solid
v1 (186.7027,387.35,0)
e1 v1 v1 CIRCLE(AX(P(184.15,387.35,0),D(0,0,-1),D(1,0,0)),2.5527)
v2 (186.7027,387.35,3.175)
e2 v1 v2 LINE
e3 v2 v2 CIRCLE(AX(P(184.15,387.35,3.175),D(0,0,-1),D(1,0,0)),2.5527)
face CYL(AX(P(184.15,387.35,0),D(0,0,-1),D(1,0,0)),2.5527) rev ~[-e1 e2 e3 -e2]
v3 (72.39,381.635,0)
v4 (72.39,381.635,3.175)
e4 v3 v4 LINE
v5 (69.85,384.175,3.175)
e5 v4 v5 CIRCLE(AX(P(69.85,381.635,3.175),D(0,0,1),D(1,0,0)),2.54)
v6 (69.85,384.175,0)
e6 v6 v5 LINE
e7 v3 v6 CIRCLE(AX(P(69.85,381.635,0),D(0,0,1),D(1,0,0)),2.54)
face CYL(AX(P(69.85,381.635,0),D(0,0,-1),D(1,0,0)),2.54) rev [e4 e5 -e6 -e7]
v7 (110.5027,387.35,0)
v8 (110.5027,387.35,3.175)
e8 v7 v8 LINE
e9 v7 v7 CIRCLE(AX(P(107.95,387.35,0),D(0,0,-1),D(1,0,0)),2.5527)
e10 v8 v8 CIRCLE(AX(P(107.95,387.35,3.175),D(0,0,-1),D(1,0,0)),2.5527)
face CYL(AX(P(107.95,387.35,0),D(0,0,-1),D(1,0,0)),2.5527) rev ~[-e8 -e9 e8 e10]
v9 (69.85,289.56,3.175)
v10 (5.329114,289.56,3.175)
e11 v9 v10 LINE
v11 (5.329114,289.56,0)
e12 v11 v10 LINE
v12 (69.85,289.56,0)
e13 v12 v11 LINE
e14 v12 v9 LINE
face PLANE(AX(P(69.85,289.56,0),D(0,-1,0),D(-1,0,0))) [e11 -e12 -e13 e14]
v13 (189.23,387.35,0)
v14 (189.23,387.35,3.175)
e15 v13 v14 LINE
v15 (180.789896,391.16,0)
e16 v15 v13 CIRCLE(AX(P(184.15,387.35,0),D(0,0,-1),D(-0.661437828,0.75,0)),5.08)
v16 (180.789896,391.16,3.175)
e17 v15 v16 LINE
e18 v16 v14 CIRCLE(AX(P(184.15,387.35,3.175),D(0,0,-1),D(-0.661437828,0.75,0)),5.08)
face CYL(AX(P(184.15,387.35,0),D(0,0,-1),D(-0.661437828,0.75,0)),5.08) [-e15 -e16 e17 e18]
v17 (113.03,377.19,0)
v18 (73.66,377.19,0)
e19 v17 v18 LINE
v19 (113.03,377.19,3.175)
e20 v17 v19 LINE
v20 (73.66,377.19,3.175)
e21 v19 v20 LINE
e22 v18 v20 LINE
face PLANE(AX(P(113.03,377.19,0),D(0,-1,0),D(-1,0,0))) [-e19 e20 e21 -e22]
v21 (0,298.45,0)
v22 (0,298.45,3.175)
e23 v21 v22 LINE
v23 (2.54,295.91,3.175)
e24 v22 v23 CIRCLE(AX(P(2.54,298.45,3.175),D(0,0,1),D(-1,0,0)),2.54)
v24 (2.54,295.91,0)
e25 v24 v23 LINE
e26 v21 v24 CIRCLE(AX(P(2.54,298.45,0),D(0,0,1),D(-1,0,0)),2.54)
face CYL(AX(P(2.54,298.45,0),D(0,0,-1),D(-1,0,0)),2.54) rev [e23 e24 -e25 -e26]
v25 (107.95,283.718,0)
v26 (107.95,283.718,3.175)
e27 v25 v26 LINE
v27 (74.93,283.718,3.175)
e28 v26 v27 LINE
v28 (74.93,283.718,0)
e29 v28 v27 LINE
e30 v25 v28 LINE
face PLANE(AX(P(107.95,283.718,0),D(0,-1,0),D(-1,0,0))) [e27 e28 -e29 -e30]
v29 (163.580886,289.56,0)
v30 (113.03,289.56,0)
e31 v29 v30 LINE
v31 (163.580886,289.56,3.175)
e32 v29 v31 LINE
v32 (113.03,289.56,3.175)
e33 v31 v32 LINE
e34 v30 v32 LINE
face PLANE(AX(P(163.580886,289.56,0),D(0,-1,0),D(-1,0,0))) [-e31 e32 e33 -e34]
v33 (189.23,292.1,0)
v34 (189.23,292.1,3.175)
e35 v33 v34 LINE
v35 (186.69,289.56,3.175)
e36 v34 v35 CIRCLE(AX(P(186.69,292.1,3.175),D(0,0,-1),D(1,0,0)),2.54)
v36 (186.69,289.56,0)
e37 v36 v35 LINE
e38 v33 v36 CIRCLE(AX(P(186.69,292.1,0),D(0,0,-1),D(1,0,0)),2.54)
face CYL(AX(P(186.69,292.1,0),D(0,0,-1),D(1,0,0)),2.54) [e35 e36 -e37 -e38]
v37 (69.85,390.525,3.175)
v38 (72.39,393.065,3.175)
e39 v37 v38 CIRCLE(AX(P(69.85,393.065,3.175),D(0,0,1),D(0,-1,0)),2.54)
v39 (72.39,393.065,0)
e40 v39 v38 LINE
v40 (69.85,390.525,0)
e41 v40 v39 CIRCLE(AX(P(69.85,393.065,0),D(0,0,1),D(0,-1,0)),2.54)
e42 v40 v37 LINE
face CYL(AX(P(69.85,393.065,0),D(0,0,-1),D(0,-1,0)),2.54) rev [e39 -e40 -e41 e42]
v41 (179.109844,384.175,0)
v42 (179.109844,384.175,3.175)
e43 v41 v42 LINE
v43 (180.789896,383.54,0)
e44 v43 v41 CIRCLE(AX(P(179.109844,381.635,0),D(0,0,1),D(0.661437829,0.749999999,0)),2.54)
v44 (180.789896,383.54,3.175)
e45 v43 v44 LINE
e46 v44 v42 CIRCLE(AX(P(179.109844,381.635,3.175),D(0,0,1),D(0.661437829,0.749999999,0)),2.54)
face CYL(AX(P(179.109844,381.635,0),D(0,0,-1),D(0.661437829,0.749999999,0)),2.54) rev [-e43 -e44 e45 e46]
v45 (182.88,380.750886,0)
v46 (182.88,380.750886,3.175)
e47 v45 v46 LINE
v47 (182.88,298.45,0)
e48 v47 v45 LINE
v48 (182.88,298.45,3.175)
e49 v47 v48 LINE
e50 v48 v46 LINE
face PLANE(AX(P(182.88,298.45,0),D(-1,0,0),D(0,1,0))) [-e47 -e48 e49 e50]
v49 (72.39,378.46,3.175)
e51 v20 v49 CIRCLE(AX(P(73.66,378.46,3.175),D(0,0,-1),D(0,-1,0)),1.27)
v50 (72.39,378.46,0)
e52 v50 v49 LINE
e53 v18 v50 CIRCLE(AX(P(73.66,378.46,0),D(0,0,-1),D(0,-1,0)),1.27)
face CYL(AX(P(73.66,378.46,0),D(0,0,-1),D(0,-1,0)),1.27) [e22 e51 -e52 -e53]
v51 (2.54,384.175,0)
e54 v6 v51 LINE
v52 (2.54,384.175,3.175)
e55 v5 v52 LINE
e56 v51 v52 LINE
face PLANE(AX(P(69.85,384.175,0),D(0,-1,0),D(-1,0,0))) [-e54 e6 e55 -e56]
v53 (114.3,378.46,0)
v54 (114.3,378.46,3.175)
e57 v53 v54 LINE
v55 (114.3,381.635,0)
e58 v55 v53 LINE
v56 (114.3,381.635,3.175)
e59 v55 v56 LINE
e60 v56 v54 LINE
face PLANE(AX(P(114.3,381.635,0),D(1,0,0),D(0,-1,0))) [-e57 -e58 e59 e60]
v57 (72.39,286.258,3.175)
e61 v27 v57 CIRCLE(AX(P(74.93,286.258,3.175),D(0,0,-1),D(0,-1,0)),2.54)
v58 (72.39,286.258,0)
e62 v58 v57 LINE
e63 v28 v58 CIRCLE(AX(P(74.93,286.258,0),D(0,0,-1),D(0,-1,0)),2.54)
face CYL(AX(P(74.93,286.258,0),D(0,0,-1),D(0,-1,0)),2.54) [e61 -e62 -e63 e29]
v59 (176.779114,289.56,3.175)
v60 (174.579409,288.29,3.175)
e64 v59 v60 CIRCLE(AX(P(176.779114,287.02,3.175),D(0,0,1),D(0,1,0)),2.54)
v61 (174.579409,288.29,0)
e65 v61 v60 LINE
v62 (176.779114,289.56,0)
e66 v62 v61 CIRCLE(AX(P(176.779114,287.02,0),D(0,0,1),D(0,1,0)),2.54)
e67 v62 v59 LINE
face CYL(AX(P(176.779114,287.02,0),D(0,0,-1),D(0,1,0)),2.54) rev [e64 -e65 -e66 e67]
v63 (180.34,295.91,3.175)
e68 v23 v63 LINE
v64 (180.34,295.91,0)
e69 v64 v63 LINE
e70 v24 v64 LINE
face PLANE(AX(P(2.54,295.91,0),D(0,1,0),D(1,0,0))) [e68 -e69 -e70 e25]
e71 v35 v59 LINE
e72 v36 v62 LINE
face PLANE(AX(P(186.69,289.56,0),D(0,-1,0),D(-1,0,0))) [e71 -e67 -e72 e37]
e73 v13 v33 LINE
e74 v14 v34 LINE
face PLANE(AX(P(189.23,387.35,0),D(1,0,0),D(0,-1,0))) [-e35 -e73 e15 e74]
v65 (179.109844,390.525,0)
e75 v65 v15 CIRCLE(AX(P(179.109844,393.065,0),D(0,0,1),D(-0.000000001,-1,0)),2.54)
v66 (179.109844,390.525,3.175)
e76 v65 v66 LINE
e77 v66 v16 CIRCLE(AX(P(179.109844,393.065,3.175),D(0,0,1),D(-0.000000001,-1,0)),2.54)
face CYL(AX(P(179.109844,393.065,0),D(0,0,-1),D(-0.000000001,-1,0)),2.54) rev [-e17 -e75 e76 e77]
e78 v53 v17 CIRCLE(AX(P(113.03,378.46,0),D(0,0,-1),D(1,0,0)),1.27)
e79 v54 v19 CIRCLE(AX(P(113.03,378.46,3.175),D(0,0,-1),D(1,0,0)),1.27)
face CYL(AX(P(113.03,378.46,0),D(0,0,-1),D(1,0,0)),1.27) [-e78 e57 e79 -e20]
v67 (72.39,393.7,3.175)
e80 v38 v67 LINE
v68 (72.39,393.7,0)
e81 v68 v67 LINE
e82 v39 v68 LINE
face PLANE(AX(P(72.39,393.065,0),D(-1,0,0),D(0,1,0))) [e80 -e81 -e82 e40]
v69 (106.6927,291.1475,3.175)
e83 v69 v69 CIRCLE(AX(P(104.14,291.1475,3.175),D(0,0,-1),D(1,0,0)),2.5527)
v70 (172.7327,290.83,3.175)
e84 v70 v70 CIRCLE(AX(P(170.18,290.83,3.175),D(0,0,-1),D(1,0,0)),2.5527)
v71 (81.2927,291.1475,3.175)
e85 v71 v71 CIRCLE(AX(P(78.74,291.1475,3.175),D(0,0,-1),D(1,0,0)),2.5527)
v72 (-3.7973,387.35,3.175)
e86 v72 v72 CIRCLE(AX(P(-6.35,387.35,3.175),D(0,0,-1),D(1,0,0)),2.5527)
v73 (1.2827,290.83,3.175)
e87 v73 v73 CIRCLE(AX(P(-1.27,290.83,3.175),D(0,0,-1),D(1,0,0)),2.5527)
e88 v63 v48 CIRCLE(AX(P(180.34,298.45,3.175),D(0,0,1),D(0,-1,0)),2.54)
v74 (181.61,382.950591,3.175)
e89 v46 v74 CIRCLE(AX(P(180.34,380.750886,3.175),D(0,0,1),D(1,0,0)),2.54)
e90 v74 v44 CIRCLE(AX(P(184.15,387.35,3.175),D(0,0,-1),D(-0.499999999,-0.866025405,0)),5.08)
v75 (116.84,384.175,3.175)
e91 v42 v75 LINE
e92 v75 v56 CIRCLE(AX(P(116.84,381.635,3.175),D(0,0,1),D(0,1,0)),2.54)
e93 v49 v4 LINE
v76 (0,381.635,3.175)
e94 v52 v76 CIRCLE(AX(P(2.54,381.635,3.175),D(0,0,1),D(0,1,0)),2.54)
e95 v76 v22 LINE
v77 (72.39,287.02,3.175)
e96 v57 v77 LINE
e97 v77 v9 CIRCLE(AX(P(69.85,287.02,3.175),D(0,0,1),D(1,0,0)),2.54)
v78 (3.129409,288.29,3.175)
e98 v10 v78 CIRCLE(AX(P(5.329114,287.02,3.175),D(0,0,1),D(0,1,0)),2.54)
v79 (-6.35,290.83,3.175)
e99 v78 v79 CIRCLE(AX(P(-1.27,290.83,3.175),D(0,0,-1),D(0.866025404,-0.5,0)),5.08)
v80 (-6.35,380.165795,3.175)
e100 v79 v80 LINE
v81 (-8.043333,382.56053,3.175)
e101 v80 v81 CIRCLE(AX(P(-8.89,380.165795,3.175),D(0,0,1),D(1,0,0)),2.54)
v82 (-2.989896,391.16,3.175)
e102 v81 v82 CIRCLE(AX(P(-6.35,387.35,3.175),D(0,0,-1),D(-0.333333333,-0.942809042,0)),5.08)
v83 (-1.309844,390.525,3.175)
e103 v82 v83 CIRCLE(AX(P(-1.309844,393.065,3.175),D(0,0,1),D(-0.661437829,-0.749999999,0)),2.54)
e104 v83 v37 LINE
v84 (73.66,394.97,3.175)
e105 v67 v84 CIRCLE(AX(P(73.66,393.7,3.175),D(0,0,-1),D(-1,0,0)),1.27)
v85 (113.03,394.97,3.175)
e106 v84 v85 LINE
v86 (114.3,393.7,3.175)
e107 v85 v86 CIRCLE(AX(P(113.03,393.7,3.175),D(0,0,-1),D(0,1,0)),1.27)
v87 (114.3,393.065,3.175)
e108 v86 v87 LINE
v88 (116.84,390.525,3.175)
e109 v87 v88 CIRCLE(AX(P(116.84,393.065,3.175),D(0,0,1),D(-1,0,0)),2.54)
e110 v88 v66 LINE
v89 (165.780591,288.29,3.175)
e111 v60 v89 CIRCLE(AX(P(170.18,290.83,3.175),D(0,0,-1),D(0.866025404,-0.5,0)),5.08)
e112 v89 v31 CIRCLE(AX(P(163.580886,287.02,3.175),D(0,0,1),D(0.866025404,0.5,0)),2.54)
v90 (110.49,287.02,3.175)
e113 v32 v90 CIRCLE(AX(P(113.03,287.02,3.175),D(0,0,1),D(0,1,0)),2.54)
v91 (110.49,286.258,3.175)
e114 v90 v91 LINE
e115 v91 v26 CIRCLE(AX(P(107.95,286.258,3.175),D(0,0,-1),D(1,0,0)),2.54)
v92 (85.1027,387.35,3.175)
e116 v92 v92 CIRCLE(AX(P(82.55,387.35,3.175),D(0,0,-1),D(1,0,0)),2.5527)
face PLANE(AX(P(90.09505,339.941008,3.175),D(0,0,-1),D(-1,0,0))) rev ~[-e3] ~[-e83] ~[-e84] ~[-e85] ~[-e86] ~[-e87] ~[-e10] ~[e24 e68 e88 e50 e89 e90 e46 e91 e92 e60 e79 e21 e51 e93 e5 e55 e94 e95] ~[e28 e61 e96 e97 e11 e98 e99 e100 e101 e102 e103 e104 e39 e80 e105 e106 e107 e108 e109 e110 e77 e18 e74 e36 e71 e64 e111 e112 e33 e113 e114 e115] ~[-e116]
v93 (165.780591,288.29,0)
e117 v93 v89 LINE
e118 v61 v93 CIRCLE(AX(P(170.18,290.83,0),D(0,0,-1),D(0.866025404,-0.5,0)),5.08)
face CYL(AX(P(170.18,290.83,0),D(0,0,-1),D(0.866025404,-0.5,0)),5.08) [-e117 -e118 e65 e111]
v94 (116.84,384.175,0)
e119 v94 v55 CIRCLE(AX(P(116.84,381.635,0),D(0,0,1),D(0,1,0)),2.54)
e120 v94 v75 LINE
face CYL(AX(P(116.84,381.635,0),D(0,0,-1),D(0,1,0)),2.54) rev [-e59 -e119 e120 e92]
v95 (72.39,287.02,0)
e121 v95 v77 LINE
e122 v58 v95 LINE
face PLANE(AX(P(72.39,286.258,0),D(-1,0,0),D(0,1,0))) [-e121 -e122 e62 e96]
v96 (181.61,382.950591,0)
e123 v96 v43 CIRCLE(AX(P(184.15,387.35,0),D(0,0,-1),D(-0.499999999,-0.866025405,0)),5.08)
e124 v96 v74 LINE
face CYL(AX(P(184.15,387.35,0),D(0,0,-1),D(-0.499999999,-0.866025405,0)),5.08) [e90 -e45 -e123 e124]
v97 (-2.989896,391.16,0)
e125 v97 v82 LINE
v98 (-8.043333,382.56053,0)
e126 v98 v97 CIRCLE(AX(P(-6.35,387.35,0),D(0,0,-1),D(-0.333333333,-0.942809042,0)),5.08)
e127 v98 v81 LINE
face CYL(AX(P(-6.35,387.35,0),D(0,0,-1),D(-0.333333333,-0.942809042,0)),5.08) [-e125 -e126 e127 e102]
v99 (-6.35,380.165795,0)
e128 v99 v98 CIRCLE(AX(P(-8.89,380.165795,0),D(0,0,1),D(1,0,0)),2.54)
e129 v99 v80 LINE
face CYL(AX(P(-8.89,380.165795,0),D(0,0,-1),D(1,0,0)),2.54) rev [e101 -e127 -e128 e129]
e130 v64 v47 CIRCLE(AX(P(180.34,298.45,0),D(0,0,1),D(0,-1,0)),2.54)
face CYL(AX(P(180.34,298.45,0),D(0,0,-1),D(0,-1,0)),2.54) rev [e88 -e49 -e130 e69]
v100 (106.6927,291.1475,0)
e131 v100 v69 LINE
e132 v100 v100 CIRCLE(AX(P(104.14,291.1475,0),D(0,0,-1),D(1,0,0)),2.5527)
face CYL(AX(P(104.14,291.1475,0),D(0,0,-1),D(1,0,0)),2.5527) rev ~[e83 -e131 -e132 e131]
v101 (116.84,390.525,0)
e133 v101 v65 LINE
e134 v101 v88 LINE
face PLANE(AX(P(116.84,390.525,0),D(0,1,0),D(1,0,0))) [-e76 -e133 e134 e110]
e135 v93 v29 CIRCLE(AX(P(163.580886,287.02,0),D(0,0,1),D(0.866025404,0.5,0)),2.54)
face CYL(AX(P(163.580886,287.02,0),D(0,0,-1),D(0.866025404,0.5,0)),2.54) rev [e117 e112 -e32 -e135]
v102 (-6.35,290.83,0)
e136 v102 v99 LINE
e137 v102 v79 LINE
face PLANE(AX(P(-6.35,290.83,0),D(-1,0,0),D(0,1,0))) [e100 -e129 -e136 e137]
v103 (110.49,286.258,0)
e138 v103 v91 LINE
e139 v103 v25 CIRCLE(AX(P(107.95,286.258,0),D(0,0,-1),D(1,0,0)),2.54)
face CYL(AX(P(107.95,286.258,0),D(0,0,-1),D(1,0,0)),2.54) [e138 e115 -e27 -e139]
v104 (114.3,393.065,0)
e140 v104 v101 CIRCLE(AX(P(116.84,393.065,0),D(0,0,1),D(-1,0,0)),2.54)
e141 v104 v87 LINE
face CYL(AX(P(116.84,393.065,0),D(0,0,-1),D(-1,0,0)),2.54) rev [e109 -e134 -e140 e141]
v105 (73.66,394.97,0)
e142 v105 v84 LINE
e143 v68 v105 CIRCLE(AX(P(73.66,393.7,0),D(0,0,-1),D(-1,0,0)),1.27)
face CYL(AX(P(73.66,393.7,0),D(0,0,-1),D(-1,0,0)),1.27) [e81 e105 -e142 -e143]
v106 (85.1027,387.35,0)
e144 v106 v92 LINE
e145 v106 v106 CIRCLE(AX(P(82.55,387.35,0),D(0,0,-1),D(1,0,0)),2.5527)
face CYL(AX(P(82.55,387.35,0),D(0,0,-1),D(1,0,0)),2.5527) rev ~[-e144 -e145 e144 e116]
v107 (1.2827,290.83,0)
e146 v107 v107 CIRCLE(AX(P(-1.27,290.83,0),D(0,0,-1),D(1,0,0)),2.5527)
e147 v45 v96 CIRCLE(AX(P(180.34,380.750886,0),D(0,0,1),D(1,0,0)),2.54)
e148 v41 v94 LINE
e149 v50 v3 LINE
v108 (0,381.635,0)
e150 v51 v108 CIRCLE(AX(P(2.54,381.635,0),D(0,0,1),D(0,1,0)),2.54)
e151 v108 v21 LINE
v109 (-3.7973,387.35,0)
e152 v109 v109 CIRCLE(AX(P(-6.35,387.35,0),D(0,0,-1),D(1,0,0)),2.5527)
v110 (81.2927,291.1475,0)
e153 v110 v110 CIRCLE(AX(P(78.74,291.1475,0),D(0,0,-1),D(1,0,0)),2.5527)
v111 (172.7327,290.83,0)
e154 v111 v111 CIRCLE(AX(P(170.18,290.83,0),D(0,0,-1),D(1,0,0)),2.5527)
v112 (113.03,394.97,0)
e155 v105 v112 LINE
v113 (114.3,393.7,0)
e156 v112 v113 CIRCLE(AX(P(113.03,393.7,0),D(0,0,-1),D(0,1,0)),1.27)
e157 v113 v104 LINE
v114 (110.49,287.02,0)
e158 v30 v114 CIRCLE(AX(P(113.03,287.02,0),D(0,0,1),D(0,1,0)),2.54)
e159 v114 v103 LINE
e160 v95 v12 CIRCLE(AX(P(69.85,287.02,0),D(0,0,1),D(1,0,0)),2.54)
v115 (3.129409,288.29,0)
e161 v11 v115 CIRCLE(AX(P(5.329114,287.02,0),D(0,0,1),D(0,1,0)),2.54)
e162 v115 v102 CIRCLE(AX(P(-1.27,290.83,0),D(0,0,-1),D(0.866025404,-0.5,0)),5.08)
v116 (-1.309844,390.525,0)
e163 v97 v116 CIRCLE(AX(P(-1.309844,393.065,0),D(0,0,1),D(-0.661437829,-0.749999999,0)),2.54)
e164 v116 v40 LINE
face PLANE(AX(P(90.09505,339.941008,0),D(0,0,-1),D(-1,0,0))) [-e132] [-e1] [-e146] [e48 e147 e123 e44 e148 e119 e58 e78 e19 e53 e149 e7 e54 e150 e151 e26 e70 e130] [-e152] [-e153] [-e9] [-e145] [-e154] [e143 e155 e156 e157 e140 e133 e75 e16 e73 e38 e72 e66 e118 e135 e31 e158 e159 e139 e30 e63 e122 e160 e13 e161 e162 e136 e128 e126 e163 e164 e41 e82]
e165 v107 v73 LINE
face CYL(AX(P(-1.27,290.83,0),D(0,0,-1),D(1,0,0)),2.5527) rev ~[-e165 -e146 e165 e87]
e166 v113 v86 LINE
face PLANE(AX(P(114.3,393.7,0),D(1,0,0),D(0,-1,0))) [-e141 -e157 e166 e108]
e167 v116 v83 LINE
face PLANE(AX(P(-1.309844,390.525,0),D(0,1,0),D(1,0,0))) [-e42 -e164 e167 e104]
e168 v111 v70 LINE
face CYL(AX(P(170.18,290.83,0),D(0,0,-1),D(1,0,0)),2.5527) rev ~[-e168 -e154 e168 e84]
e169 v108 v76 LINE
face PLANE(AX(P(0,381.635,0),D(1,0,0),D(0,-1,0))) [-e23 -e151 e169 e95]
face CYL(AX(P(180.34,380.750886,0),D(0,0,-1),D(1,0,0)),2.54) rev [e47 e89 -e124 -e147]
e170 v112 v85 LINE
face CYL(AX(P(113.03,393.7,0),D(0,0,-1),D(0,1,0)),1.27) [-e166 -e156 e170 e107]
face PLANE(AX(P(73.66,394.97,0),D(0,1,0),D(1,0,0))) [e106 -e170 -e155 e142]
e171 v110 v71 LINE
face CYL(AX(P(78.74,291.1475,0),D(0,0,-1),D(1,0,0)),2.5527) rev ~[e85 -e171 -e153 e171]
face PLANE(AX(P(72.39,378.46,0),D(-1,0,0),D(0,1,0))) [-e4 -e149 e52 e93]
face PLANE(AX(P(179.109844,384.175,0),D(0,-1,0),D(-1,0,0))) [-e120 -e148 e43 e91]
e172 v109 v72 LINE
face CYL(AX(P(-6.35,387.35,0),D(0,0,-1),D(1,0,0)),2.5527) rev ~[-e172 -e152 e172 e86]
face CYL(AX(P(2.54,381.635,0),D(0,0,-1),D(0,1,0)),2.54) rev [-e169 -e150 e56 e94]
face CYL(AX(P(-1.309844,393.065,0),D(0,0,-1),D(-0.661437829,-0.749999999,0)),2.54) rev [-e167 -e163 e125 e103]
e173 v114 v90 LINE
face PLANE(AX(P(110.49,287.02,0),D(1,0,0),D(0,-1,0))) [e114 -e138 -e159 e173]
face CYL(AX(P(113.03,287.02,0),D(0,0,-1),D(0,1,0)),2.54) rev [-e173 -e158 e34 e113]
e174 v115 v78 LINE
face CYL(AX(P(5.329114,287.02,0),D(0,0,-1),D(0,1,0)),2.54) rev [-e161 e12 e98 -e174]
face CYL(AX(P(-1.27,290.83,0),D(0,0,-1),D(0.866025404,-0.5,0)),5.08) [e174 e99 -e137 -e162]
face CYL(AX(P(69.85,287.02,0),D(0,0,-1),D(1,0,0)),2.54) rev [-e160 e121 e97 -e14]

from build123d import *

# Parameters (mm, degrees)
SKETCH1_R           = 2.5527
BOSS_EXTRUDE1_DEPTH = 3.175


with BuildPart() as part:
    # Sketch1 → Boss-Extrude1 (new body)
    with BuildSketch(Plane(origin=(0, 0, 0), x_dir=(-1, 0, 0), z_dir=(0, 0, -1))):
        with BuildLine():
            Line((-73.66, 394.97), (-113.03, 394.97))
            ThreePointArc((-113.03, 394.97), (-113.928025612, 394.598025612), (-114.3, 393.7))
            Line((-114.3, 393.7), (-114.3, 393.065))
            ThreePointArc((-114.3, 393.065), (-115.043948776, 391.268948776), (-116.84, 390.525))
            Line((-116.84, 390.525), (-179.109843752, 390.525))
            ThreePointArc((-179.109843752, 390.525), (-180.007869365, 390.689047559), (-180.789895835, 391.16))
            ThreePointArc((-180.789895835, 391.16), (-186.240104165, 391.980104165), (-189.23, 387.35))
            Line((-189.23, 387.35), (-189.23, 292.1))
            ThreePointArc((-189.23, 292.1), (-188.486051224, 290.303948776), (-186.69, 289.56))
            Line((-186.69, 289.56), (-176.779113577, 289.56))
            ThreePointArc((-176.779113577, 289.56), (-175.509113577, 289.219704526), (-174.579409051, 288.29))
            ThreePointArc((-174.579409051, 288.29), (-170.18, 285.75), (-165.780590949, 288.29))
            ThreePointArc((-165.780590949, 288.29), (-164.850886423, 289.219704526), (-163.580886423, 289.56))
            Line((-163.580886423, 289.56), (-113.03, 289.56))
            ThreePointArc((-113.03, 289.56), (-111.233948776, 288.816051224), (-110.49, 287.02))
            Line((-110.49, 287.02), (-110.49, 286.258))
            ThreePointArc((-110.49, 286.258), (-109.746051224, 284.461948776), (-107.95, 283.718))
            Line((-107.95, 283.718), (-74.93, 283.718))
            ThreePointArc((-74.93, 283.718), (-73.133948776, 284.461948776), (-72.39, 286.258))
            Line((-72.39, 286.258), (-72.39, 287.02))
            ThreePointArc((-72.39, 287.02), (-71.646051224, 288.816051224), (-69.85, 289.56))
            Line((-69.85, 289.56), (-5.329113577, 289.56))
            ThreePointArc((-5.329113577, 289.56), (-4.059113577, 289.219704526), (-3.129409051, 288.29))
            ThreePointArc((-3.129409051, 288.29), (2.584800749, 285.923096802), (6.35, 290.83))
            Line((6.35, 290.83), (6.35, 380.165795103))
            ThreePointArc((6.35, 380.165795103), (6.816098684, 381.632264787), (8.043333333, 382.560530069))
            ThreePointArc((8.043333333, 382.560530069), (10.729754791, 389.923742018), (2.989895835, 391.16))
            ThreePointArc((2.989895835, 391.16), (2.207869365, 390.689047559), (1.309843752, 390.525))
            Line((1.309843752, 390.525), (-69.85, 390.525))
            ThreePointArc((-69.85, 390.525), (-71.646051224, 391.268948776), (-72.39, 393.065))
            Line((-72.39, 393.065), (-72.39, 393.7))
            ThreePointArc((-72.39, 393.7), (-72.761974388, 394.598025612), (-73.66, 394.97))
        make_face()
        with Locations(Location((-184.15, 387.35, 0), (0, 0, 180))):
            Circle(SKETCH1_R, mode=Mode.SUBTRACT)
        with Locations(Location((-107.95, 387.35, 0), (0, 0, 180))):
            Circle(SKETCH1_R, mode=Mode.SUBTRACT)
        with Locations(Location((-82.55, 387.35, 0), (0, 0, 180))):
            Circle(SKETCH1_R, mode=Mode.SUBTRACT)
        with Locations(Location((1.27, 290.83, 0), (0, 0, 180))):
            Circle(SKETCH1_R, mode=Mode.SUBTRACT)
        with Locations(Location((-104.14, 291.1475, 0), (0, 0, 180))):
            Circle(SKETCH1_R, mode=Mode.SUBTRACT)
        with Locations(Location((-78.74, 291.1475, 0), (0, 0, 180))):
            Circle(SKETCH1_R, mode=Mode.SUBTRACT)
        with Locations(Location((6.35, 387.35, 0), (0, 0, 180))):
            Circle(SKETCH1_R, mode=Mode.SUBTRACT)
        with Locations(Location((-170.18, 290.83, 0), (0, 0, 180))):
            Circle(SKETCH1_R, mode=Mode.SUBTRACT)
        with BuildLine():
            Line((-72.39, 378.46), (-72.39, 381.635))
            ThreePointArc((-72.39, 381.635), (-71.646051224, 383.431051224), (-69.85, 384.175))
            Line((-69.85, 384.175), (-2.54, 384.175))
            ThreePointArc((-2.54, 384.175), (-0.743948776, 383.431051224), (0, 381.635))
            Line((0, 381.635), (0, 298.45))
            ThreePointArc((0, 298.45), (-0.743948776, 296.653948776), (-2.54, 295.91))
            Line((-2.54, 295.91), (-180.34, 295.91))
            ThreePointArc((-180.34, 295.91), (-182.136051224, 296.653948776), (-182.88, 298.45))
            Line((-182.88, 298.45), (-182.88, 380.750886423))
            ThreePointArc((-182.88, 380.750886423), (-182.539704526, 382.020886423), (-181.61, 382.950590949))
            ThreePointArc((-181.61, 382.950590949), (-181.185264253, 383.224864614), (-180.789895835, 383.54))
            ThreePointArc((-180.789895835, 383.54), (-180.007869365, 384.010952441), (-179.109843752, 384.175))
            Line((-179.109843752, 384.175), (-116.84, 384.175))
            ThreePointArc((-116.84, 384.175), (-115.043948776, 383.431051224), (-114.3, 381.635))
            Line((-114.3, 381.635), (-114.3, 378.46))
            ThreePointArc((-114.3, 378.46), (-113.928025612, 377.561974388), (-113.03, 377.19))
            Line((-113.03, 377.19), (-73.66, 377.19))
            ThreePointArc((-73.66, 377.19), (-72.761974388, 377.561974388), (-72.39, 378.46))
        make_face(mode=Mode.SUBTRACT)
    extrude(amount=-BOSS_EXTRUDE1_DEPTH)


solid = part.part
